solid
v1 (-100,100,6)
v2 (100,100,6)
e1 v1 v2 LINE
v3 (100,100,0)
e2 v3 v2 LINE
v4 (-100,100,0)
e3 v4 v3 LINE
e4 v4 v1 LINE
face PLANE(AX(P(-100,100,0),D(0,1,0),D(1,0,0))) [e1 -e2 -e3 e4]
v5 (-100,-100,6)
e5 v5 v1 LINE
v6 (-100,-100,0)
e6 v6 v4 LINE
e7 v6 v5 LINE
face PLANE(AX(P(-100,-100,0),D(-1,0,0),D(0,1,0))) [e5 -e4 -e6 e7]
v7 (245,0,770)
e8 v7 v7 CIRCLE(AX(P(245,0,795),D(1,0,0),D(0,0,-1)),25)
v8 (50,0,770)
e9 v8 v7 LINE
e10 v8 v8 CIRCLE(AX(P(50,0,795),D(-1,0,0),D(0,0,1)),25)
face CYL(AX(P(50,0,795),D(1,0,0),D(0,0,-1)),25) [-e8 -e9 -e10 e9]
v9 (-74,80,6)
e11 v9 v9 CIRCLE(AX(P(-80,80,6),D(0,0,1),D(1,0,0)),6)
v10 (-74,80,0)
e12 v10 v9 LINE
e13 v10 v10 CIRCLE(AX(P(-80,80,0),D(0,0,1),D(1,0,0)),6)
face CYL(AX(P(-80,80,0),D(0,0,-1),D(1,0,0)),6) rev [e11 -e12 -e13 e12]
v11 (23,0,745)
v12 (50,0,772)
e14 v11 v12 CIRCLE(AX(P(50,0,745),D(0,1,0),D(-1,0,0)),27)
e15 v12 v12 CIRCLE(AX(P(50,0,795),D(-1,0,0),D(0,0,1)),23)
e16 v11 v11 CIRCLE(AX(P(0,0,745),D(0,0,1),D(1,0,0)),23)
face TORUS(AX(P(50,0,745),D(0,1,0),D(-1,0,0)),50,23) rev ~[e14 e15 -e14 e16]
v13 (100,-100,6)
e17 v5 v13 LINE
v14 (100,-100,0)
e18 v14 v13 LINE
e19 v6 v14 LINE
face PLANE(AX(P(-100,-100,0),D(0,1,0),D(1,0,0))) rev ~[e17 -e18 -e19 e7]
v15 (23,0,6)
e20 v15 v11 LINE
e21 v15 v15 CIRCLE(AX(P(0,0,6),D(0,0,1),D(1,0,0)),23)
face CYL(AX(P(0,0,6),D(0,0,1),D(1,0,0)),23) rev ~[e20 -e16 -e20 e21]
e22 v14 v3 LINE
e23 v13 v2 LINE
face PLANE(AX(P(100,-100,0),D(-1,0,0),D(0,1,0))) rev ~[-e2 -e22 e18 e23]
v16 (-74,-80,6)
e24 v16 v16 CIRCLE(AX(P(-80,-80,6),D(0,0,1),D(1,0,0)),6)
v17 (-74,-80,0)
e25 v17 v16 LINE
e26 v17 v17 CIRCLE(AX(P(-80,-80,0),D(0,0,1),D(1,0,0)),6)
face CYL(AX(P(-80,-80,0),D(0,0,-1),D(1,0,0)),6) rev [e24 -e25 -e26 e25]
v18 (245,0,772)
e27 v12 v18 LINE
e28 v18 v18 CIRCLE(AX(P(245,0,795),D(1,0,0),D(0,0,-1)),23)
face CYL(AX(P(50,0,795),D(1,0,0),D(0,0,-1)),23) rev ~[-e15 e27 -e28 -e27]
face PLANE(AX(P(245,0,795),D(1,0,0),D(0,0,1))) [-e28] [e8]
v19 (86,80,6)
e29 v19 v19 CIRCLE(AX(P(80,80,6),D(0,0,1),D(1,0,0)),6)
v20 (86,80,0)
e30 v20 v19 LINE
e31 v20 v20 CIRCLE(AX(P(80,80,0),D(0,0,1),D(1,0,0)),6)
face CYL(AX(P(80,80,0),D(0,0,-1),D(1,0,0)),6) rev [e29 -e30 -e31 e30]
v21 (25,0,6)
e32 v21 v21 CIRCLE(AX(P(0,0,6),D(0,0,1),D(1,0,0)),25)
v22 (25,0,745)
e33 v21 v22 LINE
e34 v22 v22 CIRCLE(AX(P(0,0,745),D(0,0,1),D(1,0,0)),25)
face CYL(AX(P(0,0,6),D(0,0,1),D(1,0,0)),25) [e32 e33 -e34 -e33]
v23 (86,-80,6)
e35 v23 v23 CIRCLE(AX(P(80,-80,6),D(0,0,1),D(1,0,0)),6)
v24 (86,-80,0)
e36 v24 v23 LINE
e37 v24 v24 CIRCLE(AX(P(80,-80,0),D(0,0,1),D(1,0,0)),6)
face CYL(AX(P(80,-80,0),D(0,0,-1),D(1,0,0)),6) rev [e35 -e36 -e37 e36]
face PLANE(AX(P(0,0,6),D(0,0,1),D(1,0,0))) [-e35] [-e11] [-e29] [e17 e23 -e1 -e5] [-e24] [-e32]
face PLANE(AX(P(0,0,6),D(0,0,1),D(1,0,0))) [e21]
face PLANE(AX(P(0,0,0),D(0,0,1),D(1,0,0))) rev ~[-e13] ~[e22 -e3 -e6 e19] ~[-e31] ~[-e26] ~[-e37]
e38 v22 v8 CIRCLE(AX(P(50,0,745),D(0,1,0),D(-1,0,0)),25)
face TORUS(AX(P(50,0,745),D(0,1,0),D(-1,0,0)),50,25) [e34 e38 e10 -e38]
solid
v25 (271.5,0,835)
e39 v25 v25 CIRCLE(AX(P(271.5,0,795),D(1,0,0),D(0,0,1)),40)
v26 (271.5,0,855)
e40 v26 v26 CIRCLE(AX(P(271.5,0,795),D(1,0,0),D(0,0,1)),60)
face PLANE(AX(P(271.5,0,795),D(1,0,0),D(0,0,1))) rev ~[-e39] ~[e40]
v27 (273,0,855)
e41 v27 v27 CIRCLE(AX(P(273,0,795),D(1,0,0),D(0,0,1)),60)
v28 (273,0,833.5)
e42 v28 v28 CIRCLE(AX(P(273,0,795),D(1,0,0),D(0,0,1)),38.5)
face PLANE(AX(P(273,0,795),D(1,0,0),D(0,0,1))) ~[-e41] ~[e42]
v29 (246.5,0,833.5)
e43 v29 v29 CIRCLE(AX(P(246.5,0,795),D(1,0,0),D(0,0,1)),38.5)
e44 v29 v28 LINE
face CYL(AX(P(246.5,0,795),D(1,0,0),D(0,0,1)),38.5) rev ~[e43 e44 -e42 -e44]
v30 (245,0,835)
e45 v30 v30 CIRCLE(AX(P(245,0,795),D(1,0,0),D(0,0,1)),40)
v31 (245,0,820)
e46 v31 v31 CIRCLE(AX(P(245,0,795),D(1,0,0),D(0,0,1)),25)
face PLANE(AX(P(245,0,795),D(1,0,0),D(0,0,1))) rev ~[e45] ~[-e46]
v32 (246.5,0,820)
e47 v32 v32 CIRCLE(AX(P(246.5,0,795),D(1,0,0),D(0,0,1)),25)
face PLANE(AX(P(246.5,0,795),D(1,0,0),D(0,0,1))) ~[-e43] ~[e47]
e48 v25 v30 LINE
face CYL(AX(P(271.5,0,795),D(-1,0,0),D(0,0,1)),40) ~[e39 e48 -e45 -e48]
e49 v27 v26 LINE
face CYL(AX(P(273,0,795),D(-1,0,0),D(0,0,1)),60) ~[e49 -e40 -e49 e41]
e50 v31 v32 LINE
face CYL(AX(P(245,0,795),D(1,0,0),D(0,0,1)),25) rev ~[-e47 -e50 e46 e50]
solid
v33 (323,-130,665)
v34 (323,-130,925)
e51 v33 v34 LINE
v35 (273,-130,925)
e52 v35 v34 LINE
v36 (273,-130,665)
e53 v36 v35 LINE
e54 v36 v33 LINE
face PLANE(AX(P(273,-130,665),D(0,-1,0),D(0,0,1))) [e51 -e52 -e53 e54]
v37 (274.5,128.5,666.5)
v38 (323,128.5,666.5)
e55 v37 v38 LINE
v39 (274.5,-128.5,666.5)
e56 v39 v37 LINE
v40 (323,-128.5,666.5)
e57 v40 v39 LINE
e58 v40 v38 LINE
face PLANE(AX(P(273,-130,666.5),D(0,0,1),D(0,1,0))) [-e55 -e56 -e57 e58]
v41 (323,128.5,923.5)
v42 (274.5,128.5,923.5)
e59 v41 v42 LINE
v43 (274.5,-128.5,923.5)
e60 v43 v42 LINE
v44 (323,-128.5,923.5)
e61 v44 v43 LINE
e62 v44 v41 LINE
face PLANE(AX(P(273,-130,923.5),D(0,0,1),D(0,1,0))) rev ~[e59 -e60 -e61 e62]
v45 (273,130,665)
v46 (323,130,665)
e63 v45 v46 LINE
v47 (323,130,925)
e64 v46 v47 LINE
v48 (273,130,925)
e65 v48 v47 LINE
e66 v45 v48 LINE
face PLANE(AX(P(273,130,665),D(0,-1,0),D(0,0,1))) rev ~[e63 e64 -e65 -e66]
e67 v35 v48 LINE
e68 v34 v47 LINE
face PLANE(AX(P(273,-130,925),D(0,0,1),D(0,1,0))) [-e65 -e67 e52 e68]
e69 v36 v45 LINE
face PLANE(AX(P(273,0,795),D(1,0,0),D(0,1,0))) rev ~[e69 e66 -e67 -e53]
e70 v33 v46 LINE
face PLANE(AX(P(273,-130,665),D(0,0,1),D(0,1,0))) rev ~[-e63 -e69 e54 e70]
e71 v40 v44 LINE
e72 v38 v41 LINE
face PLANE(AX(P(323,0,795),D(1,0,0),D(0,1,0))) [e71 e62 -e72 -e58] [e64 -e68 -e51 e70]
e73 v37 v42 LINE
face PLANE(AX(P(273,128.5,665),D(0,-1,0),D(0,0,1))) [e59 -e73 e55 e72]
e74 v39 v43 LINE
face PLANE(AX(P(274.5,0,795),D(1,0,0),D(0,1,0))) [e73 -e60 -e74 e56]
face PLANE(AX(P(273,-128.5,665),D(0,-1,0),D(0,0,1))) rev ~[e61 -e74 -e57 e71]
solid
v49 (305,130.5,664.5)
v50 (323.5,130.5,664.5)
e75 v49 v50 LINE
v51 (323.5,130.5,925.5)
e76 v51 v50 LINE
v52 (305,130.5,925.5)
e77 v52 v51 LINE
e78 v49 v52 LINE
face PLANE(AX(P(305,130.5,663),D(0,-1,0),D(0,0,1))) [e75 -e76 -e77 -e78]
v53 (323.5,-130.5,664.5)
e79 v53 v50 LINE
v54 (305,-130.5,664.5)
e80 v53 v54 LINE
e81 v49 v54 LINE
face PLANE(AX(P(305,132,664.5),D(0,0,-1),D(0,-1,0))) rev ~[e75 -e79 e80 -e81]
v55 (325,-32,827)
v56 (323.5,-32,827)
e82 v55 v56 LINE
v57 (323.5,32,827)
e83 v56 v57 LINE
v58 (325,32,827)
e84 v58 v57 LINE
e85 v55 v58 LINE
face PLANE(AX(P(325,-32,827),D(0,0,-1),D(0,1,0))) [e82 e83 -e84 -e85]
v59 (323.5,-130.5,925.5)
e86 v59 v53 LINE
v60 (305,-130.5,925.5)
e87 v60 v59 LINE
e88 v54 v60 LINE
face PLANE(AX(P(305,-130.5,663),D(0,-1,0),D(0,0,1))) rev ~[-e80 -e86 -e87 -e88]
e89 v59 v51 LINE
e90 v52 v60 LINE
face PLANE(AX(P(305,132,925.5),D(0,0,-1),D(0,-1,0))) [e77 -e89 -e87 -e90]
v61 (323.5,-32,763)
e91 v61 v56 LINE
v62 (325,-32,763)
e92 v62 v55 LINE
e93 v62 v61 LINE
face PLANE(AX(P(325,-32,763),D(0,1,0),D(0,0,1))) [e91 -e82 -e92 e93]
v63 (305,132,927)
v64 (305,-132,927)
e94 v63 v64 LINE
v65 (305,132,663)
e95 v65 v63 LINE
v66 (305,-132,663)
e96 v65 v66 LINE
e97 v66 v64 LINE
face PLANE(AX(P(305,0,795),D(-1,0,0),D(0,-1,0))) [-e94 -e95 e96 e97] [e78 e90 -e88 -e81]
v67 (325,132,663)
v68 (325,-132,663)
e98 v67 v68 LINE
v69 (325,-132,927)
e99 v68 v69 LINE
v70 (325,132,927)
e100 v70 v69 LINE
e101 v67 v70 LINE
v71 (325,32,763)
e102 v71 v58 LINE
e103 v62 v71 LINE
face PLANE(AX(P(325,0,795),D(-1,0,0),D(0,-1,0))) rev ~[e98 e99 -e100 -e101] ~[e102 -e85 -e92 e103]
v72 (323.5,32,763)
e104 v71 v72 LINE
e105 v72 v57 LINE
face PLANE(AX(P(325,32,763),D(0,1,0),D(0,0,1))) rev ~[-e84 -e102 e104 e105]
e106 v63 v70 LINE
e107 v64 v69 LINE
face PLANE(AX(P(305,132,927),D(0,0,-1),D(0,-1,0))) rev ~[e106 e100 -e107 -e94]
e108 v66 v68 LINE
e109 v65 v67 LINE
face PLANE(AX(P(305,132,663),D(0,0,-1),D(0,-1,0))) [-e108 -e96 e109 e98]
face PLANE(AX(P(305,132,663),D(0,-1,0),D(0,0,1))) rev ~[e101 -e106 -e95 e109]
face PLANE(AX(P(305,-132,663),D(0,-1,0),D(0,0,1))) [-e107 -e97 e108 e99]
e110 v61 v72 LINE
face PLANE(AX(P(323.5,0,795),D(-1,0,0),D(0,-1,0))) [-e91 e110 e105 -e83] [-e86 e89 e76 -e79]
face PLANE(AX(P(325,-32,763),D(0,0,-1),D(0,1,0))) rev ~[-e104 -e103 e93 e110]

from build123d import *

# Parameters (mm, degrees)
F0_W      = 200
F0_H      = 200
F0_R      = 6
F1_DEPTH  = 6
F3_R      = 25
F3_R_2    = 23
F7_W      = 260
F7_H      = 260
F8_DEPTH  = 50
F9_T      = -1.5
F11_W     = 264
F11_H     = 264
F12_DEPTH = 20
F13_T     = -1.5
F14_W     = 64
F14_H     = 64
F15_DEPTH = 1.5


with BuildPart() as f1:
    # F0 (on Top) → F1 (new body)
    with BuildSketch(Plane.XY):
        Rectangle(F0_W, F0_H)
        with Locations((-80, -80)):
            Circle(F0_R, mode=Mode.SUBTRACT)
        with Locations((80, -80)):
            Circle(F0_R, mode=Mode.SUBTRACT)
        with Locations((-80, 80)):
            Circle(F0_R, mode=Mode.SUBTRACT)
        with Locations((80, 80)):
            Circle(F0_R, mode=Mode.SUBTRACT)
    extrude(amount=F1_DEPTH)

    # F4: sweep along a path in F2
    with BuildLine(Plane.XZ) as f4_path:
        Line((0, 6), (0, 745))
        ThreePointArc((0, 745), (14.6446609407, 780.3553390593), (50, 795))
        Line((50, 795), (245, 795))
    # F3 (on face) → F4 (sweep)
    with BuildSketch(Plane.XY.offset(6)):
        Circle(F3_R)
        Circle(F3_R_2, mode=Mode.SUBTRACT)
    sweep(path=f4_path.line)


with BuildPart() as f6:
    # F5 (on Front) → F6 (revolve)
    with BuildSketch(Plane.XZ):
        Polygon((245, 835), (245, 820), (246.5, 820), (246.5, 833.5), (273, 833.5), (273, 855), (271.5, 855), (271.5, 835), align=None)
    revolve(axis=Axis((270.696592927, 0, 795), (1, 0, 0)))


with BuildPart() as f8:
    # F7 (on face) → F8 (new body)
    with BuildSketch(Plane.YZ.offset(273)):
        with Locations((0, 795)):
            Rectangle(F7_W, F7_H)
    extrude(amount=F8_DEPTH)

    # F9
    f9_openings = [f8.faces().sort_by_distance(p)[0] for p in [
        (323, 0, 795),
    ]]
    offset(amount=F9_T, openings=f9_openings)


with BuildPart() as f12:
    # F11 (on offset) → F12 (new body)
    with BuildSketch(Plane(origin=(305, 0, 0), x_dir=(0, -1, 0), z_dir=(-1, 0, 0))):
        with Locations((0, 795)):
            Rectangle(F11_W, F11_H)
    extrude(amount=-F12_DEPTH)

    # F13
    f13_openings = [f12.faces().sort_by_distance(p)[0] for p in [
        (305, 0, 795),
    ]]
    offset(amount=F13_T, openings=f13_openings)

    # F14 (on face) → F15 (cut, through all)
    with BuildSketch(Plane.YZ.offset(325)):
        with Locations((0, 795)):
            Rectangle(F14_W, F14_H)
    extrude(amount=-F15_DEPTH, mode=Mode.SUBTRACT)


solid = Compound([f1.part, f6.part, f8.part, f12.part])
